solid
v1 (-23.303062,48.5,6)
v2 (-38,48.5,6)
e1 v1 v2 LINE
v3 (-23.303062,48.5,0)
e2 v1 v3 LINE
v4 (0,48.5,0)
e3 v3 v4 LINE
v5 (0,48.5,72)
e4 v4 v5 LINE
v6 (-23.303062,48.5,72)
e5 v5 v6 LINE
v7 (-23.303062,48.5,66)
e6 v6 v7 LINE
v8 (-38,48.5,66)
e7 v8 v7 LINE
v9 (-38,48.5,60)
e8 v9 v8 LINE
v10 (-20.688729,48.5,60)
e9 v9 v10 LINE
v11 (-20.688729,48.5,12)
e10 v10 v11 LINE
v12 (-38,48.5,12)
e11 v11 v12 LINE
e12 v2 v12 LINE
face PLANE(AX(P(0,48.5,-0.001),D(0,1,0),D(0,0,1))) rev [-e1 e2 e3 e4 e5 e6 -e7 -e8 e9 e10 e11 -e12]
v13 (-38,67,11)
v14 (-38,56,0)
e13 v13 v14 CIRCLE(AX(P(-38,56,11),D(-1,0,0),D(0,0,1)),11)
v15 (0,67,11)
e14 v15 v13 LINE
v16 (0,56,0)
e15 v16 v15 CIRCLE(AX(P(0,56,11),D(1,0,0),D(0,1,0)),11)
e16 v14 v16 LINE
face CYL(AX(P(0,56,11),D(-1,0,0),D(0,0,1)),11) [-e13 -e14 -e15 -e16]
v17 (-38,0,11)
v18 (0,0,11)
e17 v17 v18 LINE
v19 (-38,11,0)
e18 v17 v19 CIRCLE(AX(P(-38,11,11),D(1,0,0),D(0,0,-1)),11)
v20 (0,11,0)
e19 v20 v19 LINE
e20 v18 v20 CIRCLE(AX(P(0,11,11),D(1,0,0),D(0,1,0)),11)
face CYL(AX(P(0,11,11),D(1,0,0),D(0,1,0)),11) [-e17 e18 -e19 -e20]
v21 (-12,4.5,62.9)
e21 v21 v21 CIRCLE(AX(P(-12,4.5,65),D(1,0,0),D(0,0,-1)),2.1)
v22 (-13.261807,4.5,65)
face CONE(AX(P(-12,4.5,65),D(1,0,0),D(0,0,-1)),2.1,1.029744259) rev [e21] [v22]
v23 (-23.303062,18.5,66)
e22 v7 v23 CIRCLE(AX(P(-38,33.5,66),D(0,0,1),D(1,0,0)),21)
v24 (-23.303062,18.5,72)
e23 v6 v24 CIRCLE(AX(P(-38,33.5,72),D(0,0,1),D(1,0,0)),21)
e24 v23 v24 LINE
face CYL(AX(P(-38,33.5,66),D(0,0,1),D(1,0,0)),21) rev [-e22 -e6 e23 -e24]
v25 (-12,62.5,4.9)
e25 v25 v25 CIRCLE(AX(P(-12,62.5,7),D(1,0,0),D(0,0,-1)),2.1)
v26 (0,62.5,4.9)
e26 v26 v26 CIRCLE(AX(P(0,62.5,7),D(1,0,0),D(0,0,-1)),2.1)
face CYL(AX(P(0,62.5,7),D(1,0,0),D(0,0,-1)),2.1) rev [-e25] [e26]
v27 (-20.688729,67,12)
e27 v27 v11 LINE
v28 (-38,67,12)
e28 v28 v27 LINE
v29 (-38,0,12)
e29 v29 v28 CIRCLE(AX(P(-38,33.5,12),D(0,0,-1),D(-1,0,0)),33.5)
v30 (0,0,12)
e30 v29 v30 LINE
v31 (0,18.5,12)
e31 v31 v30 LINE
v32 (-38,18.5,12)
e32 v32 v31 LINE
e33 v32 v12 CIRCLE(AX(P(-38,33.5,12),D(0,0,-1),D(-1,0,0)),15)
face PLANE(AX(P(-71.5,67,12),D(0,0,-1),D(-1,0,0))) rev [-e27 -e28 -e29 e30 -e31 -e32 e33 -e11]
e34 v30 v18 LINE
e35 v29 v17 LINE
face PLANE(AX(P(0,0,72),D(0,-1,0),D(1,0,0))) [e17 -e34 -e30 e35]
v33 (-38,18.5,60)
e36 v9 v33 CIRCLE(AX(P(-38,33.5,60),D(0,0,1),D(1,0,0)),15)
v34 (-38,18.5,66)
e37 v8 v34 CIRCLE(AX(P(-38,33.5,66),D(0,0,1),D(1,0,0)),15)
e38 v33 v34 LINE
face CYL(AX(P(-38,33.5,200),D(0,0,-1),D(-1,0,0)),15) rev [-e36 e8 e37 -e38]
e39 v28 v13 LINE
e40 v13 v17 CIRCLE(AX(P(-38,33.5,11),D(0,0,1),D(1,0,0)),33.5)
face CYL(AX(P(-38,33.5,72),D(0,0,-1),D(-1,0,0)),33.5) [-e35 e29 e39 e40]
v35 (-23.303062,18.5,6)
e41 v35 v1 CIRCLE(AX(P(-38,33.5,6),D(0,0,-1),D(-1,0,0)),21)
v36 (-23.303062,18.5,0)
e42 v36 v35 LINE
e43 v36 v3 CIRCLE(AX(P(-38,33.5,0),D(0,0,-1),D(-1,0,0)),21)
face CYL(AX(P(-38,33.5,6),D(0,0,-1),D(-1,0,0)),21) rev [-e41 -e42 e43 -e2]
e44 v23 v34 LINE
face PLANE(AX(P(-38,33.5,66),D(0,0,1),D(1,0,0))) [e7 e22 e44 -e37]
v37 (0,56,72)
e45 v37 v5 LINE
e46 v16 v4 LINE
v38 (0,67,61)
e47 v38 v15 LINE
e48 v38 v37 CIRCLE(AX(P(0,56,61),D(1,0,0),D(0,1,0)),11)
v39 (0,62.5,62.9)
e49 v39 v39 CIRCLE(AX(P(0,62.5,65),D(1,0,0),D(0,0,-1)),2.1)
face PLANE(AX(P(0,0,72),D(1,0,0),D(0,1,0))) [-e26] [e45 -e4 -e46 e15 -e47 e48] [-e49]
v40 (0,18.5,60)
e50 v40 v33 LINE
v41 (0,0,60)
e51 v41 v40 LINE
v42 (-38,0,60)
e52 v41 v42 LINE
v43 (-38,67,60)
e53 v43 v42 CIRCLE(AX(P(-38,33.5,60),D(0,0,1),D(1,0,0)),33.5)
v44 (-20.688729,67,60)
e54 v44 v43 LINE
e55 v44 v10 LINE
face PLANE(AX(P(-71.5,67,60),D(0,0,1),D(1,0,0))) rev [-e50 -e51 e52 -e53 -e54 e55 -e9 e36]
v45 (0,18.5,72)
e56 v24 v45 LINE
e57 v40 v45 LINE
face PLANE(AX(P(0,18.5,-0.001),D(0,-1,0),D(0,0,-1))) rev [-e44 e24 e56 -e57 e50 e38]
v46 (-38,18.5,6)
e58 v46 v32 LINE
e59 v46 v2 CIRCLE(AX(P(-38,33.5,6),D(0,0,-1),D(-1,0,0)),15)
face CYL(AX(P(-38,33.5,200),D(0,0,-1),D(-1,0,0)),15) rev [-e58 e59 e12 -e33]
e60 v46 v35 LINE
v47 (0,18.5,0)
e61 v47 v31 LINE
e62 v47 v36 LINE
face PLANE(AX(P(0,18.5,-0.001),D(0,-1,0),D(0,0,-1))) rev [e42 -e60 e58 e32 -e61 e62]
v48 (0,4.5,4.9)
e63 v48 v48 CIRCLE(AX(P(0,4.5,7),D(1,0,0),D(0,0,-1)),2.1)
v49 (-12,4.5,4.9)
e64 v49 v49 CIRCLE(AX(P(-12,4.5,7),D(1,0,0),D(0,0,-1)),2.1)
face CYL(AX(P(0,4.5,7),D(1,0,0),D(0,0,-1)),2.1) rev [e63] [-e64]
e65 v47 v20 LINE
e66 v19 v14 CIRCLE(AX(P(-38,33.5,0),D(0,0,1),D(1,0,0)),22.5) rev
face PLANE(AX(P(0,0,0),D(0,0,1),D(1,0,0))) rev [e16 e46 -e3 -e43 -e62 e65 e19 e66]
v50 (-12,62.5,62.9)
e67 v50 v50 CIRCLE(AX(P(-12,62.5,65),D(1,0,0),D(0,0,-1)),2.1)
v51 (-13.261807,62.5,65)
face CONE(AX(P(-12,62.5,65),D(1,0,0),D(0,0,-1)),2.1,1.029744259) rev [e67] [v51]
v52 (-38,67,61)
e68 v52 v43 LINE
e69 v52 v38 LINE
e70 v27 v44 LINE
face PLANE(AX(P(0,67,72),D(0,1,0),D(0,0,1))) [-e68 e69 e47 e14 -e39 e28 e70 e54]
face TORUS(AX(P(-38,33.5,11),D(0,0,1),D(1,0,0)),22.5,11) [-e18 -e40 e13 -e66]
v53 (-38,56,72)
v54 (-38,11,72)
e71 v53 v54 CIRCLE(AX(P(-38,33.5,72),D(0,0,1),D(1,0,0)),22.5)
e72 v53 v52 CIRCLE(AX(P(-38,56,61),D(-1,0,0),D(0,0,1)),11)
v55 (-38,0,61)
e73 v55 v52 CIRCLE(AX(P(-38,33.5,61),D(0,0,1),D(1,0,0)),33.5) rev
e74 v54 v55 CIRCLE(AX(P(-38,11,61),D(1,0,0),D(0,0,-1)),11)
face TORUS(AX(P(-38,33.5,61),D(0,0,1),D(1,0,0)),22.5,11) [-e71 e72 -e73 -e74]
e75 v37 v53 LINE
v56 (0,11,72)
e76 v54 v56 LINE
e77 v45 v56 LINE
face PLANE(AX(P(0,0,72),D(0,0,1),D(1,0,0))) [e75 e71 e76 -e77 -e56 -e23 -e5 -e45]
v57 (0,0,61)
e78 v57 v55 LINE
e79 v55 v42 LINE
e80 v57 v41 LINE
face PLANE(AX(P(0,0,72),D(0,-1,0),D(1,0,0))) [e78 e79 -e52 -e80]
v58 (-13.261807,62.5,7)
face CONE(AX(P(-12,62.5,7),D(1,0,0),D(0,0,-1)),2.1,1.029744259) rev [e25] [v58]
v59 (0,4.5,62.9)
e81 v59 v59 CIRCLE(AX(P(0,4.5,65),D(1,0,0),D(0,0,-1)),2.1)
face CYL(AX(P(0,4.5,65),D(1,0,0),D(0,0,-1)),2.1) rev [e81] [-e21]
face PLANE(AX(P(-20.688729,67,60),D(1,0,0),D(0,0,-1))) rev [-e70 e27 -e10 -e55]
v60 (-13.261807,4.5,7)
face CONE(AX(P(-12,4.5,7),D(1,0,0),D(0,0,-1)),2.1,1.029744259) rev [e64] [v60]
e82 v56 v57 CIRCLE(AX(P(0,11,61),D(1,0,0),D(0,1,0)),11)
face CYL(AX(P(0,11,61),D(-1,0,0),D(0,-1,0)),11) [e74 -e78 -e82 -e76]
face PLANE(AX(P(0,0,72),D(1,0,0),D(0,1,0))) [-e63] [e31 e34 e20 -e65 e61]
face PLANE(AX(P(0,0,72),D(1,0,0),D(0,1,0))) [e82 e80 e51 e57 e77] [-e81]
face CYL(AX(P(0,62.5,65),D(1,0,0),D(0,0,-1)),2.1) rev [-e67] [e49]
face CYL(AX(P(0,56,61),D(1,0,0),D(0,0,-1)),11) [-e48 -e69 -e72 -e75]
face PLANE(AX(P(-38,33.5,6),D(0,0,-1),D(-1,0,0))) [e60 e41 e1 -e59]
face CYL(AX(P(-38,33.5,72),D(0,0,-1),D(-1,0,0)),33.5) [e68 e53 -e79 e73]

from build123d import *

# Parameters (mm, degrees)
SKETCH1_W             = 38
SKETCH1_H             = 67
BOSS_EXTRUDE1_DEPTH   = 72
SKETCH2_R             = 21
CUT_EXTRUDE1_DEPTH    = 6
CUT_EXTRUDE2_START    = -6
SKETCH3_R             = 21
CUT_EXTRUDE2_DEPTH    = 6
SKETCH4_W             = 50.811271485
SKETCH4_H             = 48
CUT_EXTRUDE3_DEPTH    = 122.594613368
SKETCH6_R             = 15
CUT_EXTRUDE4_DEPTH    = 200
FILLET2_R             = 11
SKETCH10_W            = 47
SKETCH10_H            = 29.40683467
CUT_EXTRUDE7_DEPTH    = 82
CUT_EXTRUDE10_REACH   = 123.595
M5_TAPPED_HOLE1_D     = 4.2
M5_TAPPED_HOLE1_DEPTH = 12
M5_TAPPED_HOLE1_TIP   = 1.2618073
SKETCH13_W            = 0.5
SKETCH13_H            = 18.5
CUT_EXTRUDE11_DEPTH   = 111.701333822


with BuildPart() as part:
    # Sketch1 → Boss-Extrude1 (new body)
    with BuildSketch(Plane.XY):
        with Locations((-19, 33.5)):
            Rectangle(SKETCH1_W, SKETCH1_H)
        with BuildLine():
            Line((-38, 0), (-38, 67))
            ThreePointArc((-38, 67), (-71.5, 33.5), (-38, 0))
        make_face()
    extrude(amount=BOSS_EXTRUDE1_DEPTH)

    # Sketch2 → Cut-Extrude1 (cut)
    with BuildSketch(Plane(origin=(0, 0, 0), x_dir=(-1, 0, 0), z_dir=(0, 0, -1))):
        with Locations((38, 33.5)):
            Circle(SKETCH2_R)
    extrude(amount=-CUT_EXTRUDE1_DEPTH, mode=Mode.SUBTRACT)

    # Sketch3 → Cut-Extrude2 (cut)
    with BuildSketch(Plane.XY.offset(72).offset(CUT_EXTRUDE2_START)):
        with Locations(Location((-38, 33.5, 0), (0, 0, 180))):
            Circle(SKETCH3_R)
    extrude(amount=CUT_EXTRUDE2_DEPTH, mode=Mode.SUBTRACT)

    # Sketch4 → Cut-Extrude3 (cut, through all)
    with BuildSketch(Plane.XZ):
        with Locations((-46.094364258, 36)):
            Rectangle(SKETCH4_W, SKETCH4_H)
    extrude(amount=-CUT_EXTRUDE3_DEPTH, mode=Mode.SUBTRACT)

    # Sketch6 → Cut-Extrude4 (cut)
    with BuildSketch(Plane(origin=(0, 0, 0), x_dir=(-1, 0, 0), z_dir=(0, 0, -1))):
        with Locations((38, 33.5)):
            Circle(SKETCH6_R)
    extrude(amount=-CUT_EXTRUDE4_DEPTH, mode=Mode.SUBTRACT)

    # Fillet2
    fillet2_edges = [part.edges().sort_by_distance(p)[0] for p in [
        (-19, 67, 72),
        (-71.5, 33.5, 72),
        (-19, 0, 72),
        (-19, 0, 0),
        (-71.5, 33.5, 0),
        (-19, 67, 0),
    ]]
    fillet(fillet2_edges, radius=FILLET2_R)

    # Sketch10 → Cut-Extrude7 (cut)
    with BuildSketch(Plane(origin=(0, 0, 0), x_dir=(0, 0, -1), z_dir=(1, 0, 0))):
        with Locations((-36, 14.703417335)):
            Rectangle(SKETCH10_W, SKETCH10_H)
    extrude(amount=-CUT_EXTRUDE7_DEPTH, mode=Mode.SUBTRACT)

    # Sketch11 → Cut-Extrude10 (cut, up to next)
    with BuildSketch(Plane.XY.offset(72), mode=Mode.PRIVATE) as cut_extrude10_sk1:
        with BuildLine():
            Line((-38, 48.5), (-38, 33.5))
            Line((-38, 33.5), (-17, 33.5))
            ThreePointArc((-17, 33.5), (-18.639786835, 41.635241005), (-23.303061543, 48.5))
            Line((-23.303061543, 48.5), (-38, 48.5))
        make_face()
    cut_extrude10_tool1 = extrude(cut_extrude10_sk1.sketch, amount=-CUT_EXTRUDE10_REACH, mode=Mode.PRIVATE) & part.part
    # Sketch11 → Cut-Extrude10 (cut, up to next)
    with BuildSketch(Plane.XY.offset(72), mode=Mode.PRIVATE) as cut_extrude10_sk2:
        with BuildLine():
            ThreePointArc((-23.303061543, 48.5), (-18.639786835, 41.635241005), (-17, 33.5))
            Line((-17, 33.5), (0, 33.5))
            Line((0, 33.5), (0, 48.5))
            Line((0, 48.5), (-23.303061543, 48.5))
        make_face()
    cut_extrude10_tool2 = extrude(cut_extrude10_sk2.sketch, amount=-CUT_EXTRUDE10_REACH, mode=Mode.PRIVATE) & part.part
    # Sketch11 → Cut-Extrude10 (cut, up to next)
    with BuildSketch(Plane.XY.offset(72), mode=Mode.PRIVATE) as cut_extrude10_sk3:
        with BuildLine():
            Line((0, 33.5), (-17, 33.5))
            ThreePointArc((-17, 33.5), (-18.639786835, 25.364758995), (-23.303061543, 18.5))
            Line((-23.303061543, 18.5), (0, 18.5))
            Line((0, 18.5), (0, 33.5))
        make_face()
    cut_extrude10_tool3 = extrude(cut_extrude10_sk3.sketch, amount=-CUT_EXTRUDE10_REACH, mode=Mode.PRIVATE) & part.part
    # Sketch11 → Cut-Extrude10 (cut, up to next)
    with BuildSketch(Plane.XY.offset(72), mode=Mode.PRIVATE) as cut_extrude10_sk4:
        with BuildLine():
            Line((-17, 33.5), (-38, 33.5))
            Line((-38, 33.5), (-38, 18.5))
            Line((-38, 18.5), (-23.303061543, 18.5))
            ThreePointArc((-23.303061543, 18.5), (-18.639786835, 25.364758995), (-17, 33.5))
        make_face()
    cut_extrude10_tool4 = extrude(cut_extrude10_sk4.sketch, amount=-CUT_EXTRUDE10_REACH, mode=Mode.PRIVATE) & part.part
    add(cut_extrude10_tool1.solids().sort_by_distance((-28.39059, 40.602283, 72))[0], mode=Mode.SUBTRACT)
    add(cut_extrude10_tool2.solids().sort_by_distance((-9.565982, 41.399556, 72))[0], mode=Mode.SUBTRACT)
    add(cut_extrude10_tool3.solids().sort_by_distance((-9.565982, 25.600444, 72))[0], mode=Mode.SUBTRACT)
    add(cut_extrude10_tool4.solids().sort_by_distance((-28.39059, 26.397717, 72))[0], mode=Mode.SUBTRACT)

    # M5 Tapped Hole1
    with Locations(Plane(origin=(0, 62.5, 65), x_dir=(0, 1, 0), z_dir=(1, 0, 0))):
        with Locations((0, 0), (0, -58), (-58, -58), (-58, 0)):
            Hole(M5_TAPPED_HOLE1_D / 2, depth=M5_TAPPED_HOLE1_DEPTH)
            with Locations((0, 0, -(M5_TAPPED_HOLE1_DEPTH + M5_TAPPED_HOLE1_TIP / 2))):  # 118° drill point
                Cone(0, M5_TAPPED_HOLE1_D / 2, M5_TAPPED_HOLE1_TIP, mode=Mode.SUBTRACT)

    # Sketch13 → Cut-Extrude11 (cut, through all)
    with BuildSketch(Plane.ZY.offset(20.688728515)):
        with Locations((59.75, 9.25)):
            Rectangle(SKETCH13_W, SKETCH13_H)
        with Locations((12.25, 9.25)):
            Rectangle(SKETCH13_W, SKETCH13_H)
    extrude(amount=-CUT_EXTRUDE11_DEPTH, mode=Mode.SUBTRACT)


solid = part.part
